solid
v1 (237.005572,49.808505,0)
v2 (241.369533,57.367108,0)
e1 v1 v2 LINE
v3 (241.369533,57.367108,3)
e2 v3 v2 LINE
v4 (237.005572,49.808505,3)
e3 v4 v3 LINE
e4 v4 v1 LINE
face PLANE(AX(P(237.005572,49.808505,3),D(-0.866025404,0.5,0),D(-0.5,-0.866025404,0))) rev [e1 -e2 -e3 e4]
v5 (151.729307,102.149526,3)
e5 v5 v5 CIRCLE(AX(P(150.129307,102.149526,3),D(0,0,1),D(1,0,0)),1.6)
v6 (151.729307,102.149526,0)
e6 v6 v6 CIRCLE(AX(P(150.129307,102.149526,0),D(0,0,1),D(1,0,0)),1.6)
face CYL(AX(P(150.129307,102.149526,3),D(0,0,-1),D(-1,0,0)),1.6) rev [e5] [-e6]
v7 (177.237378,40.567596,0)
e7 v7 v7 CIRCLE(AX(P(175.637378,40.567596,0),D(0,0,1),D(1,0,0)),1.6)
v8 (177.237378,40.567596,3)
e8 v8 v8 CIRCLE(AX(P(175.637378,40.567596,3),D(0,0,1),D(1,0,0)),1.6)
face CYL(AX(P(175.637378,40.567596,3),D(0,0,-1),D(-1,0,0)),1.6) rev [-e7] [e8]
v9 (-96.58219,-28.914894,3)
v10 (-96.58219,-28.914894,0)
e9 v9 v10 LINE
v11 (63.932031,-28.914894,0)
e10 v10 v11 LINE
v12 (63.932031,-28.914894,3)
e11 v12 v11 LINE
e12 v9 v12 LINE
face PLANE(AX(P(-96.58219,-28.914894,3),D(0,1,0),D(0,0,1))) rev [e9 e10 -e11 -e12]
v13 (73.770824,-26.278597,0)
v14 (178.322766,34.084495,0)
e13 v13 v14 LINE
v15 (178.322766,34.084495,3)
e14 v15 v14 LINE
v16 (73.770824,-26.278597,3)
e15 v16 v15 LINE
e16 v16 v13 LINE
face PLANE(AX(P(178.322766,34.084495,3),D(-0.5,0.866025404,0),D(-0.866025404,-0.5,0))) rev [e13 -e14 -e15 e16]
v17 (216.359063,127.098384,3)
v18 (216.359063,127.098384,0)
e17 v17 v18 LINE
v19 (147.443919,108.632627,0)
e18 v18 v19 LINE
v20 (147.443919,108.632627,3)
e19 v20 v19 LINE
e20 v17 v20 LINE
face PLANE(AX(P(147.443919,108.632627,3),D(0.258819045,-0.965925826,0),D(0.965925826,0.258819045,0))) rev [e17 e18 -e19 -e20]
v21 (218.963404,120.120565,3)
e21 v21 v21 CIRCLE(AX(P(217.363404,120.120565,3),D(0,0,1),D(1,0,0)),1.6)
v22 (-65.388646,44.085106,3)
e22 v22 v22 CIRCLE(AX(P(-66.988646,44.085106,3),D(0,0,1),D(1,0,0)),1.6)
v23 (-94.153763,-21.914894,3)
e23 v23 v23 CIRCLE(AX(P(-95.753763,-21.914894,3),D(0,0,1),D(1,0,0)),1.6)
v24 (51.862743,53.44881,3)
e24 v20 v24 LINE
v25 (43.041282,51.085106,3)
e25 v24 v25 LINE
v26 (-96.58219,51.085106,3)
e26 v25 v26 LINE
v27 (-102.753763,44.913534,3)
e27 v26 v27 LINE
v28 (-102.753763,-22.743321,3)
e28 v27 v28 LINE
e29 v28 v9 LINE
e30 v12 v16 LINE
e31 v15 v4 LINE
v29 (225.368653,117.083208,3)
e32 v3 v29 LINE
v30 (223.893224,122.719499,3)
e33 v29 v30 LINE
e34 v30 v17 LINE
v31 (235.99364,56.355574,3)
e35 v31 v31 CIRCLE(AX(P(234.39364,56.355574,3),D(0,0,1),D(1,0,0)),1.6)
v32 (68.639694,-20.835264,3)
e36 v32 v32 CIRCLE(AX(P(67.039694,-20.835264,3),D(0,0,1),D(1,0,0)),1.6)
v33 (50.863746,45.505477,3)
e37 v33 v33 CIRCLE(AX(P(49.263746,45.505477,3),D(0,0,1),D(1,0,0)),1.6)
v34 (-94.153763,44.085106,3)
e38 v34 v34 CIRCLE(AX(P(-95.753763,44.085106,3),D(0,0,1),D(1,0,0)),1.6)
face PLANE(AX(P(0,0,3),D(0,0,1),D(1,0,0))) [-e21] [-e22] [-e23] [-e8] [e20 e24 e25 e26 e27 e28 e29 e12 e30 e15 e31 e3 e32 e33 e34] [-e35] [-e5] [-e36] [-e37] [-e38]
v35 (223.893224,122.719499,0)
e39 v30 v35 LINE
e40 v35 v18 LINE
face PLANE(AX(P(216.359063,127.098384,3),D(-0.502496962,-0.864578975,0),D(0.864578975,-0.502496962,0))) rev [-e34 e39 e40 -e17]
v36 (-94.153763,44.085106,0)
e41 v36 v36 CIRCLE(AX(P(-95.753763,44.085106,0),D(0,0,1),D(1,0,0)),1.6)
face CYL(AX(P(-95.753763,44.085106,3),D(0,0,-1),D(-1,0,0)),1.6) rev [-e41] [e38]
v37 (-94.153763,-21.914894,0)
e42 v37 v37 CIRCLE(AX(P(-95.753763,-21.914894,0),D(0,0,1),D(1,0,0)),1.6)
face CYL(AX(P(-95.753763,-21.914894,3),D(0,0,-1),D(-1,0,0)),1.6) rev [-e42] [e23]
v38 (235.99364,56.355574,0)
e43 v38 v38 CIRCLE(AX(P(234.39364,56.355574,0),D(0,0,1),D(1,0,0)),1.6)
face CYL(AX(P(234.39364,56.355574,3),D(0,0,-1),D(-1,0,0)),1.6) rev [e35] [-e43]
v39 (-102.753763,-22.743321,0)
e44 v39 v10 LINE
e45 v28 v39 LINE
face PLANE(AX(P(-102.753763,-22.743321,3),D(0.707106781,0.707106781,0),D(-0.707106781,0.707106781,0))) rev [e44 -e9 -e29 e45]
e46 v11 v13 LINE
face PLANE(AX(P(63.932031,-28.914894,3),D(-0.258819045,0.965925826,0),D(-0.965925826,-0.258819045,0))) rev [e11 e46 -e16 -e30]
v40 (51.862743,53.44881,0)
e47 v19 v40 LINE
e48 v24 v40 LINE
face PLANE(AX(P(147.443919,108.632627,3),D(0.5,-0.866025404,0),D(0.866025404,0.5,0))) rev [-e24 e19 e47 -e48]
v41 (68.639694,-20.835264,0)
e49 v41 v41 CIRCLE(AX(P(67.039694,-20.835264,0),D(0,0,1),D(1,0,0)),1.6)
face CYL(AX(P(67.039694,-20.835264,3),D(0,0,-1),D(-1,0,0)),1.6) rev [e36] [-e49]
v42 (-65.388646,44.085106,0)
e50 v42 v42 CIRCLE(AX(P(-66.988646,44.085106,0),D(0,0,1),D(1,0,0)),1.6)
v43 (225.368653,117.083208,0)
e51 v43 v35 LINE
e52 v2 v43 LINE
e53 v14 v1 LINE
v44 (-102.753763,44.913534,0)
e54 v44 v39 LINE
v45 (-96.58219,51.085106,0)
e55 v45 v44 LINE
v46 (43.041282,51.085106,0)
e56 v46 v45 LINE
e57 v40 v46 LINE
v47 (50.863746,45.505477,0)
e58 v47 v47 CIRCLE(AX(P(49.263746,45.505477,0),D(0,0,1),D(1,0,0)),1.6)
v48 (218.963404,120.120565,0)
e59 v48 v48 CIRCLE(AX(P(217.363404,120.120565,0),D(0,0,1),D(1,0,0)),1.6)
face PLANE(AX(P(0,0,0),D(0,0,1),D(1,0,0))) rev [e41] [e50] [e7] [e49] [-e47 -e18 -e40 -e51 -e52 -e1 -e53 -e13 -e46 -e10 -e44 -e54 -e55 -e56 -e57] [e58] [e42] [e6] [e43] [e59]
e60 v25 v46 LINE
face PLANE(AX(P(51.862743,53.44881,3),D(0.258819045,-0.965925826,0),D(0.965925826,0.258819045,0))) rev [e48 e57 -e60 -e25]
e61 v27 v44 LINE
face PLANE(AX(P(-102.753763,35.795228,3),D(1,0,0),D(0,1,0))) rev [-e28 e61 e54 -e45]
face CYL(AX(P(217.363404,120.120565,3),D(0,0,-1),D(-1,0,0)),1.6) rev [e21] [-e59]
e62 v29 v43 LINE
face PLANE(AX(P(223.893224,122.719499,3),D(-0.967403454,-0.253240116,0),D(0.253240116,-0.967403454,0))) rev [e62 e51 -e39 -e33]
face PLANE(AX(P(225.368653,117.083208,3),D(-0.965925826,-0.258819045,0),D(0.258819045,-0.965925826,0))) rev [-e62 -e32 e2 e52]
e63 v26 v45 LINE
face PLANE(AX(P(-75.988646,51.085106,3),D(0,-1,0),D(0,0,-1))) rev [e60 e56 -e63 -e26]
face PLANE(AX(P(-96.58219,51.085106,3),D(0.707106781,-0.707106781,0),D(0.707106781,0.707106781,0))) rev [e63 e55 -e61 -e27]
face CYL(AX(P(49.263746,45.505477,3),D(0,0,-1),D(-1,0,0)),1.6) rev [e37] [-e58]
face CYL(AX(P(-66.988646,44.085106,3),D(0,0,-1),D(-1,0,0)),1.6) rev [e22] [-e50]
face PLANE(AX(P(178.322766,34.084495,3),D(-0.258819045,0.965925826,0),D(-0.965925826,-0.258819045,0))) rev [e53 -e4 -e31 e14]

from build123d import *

# Parameters (mm, degrees)
ESQUISSE1_R        = 1.6
BOSS_EXTRU_1_DEPTH = 3


with BuildPart() as part:
    # Esquisse1 → Boss.-Extru.1 (new body)
    with BuildSketch(Plane.XY):
        Polygon((-76.753762562, 51.085106383), (-96.582189687, 51.085106383), (-102.753762562, 44.913533508), (-102.753762562, 35.79522772), (-102.753762562, -22.743320742), (-96.582189687, -28.914893617), (63.932030858, -28.914893617), (73.770824067, -26.278596922), (178.322766002, 34.084494899), (237.005572372, 49.808505475), (241.369533403, 57.367107702), (230.025901746, 99.702117388), (225.368652661, 117.083207596), (223.893223799, 122.719498558), (216.359063387, 127.098384499), (210.670220477, 125.574063635), (147.443918593, 108.632627105), (51.862743071, 53.448809688), (43.041282242, 51.085106383), (-75.988646329, 51.085106383), align=None)
        with Locations((-95.753762562, 44.085106383)):
            Circle(ESQUISSE1_R, mode=Mode.SUBTRACT)
        with Locations((-66.988646329, 44.085106383)):
            Circle(ESQUISSE1_R, mode=Mode.SUBTRACT)
        with Locations((-95.753762562, -21.914893617)):
            Circle(ESQUISSE1_R, mode=Mode.SUBTRACT)
        with Locations((49.263745973, 45.505477252)):
            Circle(ESQUISSE1_R, mode=Mode.SUBTRACT)
        with Locations((67.039694146, -20.835264486)):
            Circle(ESQUISSE1_R, mode=Mode.SUBTRACT)
        with Locations((217.363403759, 120.120565138)):
            Circle(ESQUISSE1_R, mode=Mode.SUBTRACT)
        with Locations((150.12930694, 102.149526137)):
            Circle(ESQUISSE1_R, mode=Mode.SUBTRACT)
        with Locations((175.637377655, 40.567595866)):
            Circle(ESQUISSE1_R, mode=Mode.SUBTRACT)
        with Locations((234.393639901, 56.355573542)):
            Circle(ESQUISSE1_R, mode=Mode.SUBTRACT)
    extrude(amount=BOSS_EXTRU_1_DEPTH)


solid = part.part
